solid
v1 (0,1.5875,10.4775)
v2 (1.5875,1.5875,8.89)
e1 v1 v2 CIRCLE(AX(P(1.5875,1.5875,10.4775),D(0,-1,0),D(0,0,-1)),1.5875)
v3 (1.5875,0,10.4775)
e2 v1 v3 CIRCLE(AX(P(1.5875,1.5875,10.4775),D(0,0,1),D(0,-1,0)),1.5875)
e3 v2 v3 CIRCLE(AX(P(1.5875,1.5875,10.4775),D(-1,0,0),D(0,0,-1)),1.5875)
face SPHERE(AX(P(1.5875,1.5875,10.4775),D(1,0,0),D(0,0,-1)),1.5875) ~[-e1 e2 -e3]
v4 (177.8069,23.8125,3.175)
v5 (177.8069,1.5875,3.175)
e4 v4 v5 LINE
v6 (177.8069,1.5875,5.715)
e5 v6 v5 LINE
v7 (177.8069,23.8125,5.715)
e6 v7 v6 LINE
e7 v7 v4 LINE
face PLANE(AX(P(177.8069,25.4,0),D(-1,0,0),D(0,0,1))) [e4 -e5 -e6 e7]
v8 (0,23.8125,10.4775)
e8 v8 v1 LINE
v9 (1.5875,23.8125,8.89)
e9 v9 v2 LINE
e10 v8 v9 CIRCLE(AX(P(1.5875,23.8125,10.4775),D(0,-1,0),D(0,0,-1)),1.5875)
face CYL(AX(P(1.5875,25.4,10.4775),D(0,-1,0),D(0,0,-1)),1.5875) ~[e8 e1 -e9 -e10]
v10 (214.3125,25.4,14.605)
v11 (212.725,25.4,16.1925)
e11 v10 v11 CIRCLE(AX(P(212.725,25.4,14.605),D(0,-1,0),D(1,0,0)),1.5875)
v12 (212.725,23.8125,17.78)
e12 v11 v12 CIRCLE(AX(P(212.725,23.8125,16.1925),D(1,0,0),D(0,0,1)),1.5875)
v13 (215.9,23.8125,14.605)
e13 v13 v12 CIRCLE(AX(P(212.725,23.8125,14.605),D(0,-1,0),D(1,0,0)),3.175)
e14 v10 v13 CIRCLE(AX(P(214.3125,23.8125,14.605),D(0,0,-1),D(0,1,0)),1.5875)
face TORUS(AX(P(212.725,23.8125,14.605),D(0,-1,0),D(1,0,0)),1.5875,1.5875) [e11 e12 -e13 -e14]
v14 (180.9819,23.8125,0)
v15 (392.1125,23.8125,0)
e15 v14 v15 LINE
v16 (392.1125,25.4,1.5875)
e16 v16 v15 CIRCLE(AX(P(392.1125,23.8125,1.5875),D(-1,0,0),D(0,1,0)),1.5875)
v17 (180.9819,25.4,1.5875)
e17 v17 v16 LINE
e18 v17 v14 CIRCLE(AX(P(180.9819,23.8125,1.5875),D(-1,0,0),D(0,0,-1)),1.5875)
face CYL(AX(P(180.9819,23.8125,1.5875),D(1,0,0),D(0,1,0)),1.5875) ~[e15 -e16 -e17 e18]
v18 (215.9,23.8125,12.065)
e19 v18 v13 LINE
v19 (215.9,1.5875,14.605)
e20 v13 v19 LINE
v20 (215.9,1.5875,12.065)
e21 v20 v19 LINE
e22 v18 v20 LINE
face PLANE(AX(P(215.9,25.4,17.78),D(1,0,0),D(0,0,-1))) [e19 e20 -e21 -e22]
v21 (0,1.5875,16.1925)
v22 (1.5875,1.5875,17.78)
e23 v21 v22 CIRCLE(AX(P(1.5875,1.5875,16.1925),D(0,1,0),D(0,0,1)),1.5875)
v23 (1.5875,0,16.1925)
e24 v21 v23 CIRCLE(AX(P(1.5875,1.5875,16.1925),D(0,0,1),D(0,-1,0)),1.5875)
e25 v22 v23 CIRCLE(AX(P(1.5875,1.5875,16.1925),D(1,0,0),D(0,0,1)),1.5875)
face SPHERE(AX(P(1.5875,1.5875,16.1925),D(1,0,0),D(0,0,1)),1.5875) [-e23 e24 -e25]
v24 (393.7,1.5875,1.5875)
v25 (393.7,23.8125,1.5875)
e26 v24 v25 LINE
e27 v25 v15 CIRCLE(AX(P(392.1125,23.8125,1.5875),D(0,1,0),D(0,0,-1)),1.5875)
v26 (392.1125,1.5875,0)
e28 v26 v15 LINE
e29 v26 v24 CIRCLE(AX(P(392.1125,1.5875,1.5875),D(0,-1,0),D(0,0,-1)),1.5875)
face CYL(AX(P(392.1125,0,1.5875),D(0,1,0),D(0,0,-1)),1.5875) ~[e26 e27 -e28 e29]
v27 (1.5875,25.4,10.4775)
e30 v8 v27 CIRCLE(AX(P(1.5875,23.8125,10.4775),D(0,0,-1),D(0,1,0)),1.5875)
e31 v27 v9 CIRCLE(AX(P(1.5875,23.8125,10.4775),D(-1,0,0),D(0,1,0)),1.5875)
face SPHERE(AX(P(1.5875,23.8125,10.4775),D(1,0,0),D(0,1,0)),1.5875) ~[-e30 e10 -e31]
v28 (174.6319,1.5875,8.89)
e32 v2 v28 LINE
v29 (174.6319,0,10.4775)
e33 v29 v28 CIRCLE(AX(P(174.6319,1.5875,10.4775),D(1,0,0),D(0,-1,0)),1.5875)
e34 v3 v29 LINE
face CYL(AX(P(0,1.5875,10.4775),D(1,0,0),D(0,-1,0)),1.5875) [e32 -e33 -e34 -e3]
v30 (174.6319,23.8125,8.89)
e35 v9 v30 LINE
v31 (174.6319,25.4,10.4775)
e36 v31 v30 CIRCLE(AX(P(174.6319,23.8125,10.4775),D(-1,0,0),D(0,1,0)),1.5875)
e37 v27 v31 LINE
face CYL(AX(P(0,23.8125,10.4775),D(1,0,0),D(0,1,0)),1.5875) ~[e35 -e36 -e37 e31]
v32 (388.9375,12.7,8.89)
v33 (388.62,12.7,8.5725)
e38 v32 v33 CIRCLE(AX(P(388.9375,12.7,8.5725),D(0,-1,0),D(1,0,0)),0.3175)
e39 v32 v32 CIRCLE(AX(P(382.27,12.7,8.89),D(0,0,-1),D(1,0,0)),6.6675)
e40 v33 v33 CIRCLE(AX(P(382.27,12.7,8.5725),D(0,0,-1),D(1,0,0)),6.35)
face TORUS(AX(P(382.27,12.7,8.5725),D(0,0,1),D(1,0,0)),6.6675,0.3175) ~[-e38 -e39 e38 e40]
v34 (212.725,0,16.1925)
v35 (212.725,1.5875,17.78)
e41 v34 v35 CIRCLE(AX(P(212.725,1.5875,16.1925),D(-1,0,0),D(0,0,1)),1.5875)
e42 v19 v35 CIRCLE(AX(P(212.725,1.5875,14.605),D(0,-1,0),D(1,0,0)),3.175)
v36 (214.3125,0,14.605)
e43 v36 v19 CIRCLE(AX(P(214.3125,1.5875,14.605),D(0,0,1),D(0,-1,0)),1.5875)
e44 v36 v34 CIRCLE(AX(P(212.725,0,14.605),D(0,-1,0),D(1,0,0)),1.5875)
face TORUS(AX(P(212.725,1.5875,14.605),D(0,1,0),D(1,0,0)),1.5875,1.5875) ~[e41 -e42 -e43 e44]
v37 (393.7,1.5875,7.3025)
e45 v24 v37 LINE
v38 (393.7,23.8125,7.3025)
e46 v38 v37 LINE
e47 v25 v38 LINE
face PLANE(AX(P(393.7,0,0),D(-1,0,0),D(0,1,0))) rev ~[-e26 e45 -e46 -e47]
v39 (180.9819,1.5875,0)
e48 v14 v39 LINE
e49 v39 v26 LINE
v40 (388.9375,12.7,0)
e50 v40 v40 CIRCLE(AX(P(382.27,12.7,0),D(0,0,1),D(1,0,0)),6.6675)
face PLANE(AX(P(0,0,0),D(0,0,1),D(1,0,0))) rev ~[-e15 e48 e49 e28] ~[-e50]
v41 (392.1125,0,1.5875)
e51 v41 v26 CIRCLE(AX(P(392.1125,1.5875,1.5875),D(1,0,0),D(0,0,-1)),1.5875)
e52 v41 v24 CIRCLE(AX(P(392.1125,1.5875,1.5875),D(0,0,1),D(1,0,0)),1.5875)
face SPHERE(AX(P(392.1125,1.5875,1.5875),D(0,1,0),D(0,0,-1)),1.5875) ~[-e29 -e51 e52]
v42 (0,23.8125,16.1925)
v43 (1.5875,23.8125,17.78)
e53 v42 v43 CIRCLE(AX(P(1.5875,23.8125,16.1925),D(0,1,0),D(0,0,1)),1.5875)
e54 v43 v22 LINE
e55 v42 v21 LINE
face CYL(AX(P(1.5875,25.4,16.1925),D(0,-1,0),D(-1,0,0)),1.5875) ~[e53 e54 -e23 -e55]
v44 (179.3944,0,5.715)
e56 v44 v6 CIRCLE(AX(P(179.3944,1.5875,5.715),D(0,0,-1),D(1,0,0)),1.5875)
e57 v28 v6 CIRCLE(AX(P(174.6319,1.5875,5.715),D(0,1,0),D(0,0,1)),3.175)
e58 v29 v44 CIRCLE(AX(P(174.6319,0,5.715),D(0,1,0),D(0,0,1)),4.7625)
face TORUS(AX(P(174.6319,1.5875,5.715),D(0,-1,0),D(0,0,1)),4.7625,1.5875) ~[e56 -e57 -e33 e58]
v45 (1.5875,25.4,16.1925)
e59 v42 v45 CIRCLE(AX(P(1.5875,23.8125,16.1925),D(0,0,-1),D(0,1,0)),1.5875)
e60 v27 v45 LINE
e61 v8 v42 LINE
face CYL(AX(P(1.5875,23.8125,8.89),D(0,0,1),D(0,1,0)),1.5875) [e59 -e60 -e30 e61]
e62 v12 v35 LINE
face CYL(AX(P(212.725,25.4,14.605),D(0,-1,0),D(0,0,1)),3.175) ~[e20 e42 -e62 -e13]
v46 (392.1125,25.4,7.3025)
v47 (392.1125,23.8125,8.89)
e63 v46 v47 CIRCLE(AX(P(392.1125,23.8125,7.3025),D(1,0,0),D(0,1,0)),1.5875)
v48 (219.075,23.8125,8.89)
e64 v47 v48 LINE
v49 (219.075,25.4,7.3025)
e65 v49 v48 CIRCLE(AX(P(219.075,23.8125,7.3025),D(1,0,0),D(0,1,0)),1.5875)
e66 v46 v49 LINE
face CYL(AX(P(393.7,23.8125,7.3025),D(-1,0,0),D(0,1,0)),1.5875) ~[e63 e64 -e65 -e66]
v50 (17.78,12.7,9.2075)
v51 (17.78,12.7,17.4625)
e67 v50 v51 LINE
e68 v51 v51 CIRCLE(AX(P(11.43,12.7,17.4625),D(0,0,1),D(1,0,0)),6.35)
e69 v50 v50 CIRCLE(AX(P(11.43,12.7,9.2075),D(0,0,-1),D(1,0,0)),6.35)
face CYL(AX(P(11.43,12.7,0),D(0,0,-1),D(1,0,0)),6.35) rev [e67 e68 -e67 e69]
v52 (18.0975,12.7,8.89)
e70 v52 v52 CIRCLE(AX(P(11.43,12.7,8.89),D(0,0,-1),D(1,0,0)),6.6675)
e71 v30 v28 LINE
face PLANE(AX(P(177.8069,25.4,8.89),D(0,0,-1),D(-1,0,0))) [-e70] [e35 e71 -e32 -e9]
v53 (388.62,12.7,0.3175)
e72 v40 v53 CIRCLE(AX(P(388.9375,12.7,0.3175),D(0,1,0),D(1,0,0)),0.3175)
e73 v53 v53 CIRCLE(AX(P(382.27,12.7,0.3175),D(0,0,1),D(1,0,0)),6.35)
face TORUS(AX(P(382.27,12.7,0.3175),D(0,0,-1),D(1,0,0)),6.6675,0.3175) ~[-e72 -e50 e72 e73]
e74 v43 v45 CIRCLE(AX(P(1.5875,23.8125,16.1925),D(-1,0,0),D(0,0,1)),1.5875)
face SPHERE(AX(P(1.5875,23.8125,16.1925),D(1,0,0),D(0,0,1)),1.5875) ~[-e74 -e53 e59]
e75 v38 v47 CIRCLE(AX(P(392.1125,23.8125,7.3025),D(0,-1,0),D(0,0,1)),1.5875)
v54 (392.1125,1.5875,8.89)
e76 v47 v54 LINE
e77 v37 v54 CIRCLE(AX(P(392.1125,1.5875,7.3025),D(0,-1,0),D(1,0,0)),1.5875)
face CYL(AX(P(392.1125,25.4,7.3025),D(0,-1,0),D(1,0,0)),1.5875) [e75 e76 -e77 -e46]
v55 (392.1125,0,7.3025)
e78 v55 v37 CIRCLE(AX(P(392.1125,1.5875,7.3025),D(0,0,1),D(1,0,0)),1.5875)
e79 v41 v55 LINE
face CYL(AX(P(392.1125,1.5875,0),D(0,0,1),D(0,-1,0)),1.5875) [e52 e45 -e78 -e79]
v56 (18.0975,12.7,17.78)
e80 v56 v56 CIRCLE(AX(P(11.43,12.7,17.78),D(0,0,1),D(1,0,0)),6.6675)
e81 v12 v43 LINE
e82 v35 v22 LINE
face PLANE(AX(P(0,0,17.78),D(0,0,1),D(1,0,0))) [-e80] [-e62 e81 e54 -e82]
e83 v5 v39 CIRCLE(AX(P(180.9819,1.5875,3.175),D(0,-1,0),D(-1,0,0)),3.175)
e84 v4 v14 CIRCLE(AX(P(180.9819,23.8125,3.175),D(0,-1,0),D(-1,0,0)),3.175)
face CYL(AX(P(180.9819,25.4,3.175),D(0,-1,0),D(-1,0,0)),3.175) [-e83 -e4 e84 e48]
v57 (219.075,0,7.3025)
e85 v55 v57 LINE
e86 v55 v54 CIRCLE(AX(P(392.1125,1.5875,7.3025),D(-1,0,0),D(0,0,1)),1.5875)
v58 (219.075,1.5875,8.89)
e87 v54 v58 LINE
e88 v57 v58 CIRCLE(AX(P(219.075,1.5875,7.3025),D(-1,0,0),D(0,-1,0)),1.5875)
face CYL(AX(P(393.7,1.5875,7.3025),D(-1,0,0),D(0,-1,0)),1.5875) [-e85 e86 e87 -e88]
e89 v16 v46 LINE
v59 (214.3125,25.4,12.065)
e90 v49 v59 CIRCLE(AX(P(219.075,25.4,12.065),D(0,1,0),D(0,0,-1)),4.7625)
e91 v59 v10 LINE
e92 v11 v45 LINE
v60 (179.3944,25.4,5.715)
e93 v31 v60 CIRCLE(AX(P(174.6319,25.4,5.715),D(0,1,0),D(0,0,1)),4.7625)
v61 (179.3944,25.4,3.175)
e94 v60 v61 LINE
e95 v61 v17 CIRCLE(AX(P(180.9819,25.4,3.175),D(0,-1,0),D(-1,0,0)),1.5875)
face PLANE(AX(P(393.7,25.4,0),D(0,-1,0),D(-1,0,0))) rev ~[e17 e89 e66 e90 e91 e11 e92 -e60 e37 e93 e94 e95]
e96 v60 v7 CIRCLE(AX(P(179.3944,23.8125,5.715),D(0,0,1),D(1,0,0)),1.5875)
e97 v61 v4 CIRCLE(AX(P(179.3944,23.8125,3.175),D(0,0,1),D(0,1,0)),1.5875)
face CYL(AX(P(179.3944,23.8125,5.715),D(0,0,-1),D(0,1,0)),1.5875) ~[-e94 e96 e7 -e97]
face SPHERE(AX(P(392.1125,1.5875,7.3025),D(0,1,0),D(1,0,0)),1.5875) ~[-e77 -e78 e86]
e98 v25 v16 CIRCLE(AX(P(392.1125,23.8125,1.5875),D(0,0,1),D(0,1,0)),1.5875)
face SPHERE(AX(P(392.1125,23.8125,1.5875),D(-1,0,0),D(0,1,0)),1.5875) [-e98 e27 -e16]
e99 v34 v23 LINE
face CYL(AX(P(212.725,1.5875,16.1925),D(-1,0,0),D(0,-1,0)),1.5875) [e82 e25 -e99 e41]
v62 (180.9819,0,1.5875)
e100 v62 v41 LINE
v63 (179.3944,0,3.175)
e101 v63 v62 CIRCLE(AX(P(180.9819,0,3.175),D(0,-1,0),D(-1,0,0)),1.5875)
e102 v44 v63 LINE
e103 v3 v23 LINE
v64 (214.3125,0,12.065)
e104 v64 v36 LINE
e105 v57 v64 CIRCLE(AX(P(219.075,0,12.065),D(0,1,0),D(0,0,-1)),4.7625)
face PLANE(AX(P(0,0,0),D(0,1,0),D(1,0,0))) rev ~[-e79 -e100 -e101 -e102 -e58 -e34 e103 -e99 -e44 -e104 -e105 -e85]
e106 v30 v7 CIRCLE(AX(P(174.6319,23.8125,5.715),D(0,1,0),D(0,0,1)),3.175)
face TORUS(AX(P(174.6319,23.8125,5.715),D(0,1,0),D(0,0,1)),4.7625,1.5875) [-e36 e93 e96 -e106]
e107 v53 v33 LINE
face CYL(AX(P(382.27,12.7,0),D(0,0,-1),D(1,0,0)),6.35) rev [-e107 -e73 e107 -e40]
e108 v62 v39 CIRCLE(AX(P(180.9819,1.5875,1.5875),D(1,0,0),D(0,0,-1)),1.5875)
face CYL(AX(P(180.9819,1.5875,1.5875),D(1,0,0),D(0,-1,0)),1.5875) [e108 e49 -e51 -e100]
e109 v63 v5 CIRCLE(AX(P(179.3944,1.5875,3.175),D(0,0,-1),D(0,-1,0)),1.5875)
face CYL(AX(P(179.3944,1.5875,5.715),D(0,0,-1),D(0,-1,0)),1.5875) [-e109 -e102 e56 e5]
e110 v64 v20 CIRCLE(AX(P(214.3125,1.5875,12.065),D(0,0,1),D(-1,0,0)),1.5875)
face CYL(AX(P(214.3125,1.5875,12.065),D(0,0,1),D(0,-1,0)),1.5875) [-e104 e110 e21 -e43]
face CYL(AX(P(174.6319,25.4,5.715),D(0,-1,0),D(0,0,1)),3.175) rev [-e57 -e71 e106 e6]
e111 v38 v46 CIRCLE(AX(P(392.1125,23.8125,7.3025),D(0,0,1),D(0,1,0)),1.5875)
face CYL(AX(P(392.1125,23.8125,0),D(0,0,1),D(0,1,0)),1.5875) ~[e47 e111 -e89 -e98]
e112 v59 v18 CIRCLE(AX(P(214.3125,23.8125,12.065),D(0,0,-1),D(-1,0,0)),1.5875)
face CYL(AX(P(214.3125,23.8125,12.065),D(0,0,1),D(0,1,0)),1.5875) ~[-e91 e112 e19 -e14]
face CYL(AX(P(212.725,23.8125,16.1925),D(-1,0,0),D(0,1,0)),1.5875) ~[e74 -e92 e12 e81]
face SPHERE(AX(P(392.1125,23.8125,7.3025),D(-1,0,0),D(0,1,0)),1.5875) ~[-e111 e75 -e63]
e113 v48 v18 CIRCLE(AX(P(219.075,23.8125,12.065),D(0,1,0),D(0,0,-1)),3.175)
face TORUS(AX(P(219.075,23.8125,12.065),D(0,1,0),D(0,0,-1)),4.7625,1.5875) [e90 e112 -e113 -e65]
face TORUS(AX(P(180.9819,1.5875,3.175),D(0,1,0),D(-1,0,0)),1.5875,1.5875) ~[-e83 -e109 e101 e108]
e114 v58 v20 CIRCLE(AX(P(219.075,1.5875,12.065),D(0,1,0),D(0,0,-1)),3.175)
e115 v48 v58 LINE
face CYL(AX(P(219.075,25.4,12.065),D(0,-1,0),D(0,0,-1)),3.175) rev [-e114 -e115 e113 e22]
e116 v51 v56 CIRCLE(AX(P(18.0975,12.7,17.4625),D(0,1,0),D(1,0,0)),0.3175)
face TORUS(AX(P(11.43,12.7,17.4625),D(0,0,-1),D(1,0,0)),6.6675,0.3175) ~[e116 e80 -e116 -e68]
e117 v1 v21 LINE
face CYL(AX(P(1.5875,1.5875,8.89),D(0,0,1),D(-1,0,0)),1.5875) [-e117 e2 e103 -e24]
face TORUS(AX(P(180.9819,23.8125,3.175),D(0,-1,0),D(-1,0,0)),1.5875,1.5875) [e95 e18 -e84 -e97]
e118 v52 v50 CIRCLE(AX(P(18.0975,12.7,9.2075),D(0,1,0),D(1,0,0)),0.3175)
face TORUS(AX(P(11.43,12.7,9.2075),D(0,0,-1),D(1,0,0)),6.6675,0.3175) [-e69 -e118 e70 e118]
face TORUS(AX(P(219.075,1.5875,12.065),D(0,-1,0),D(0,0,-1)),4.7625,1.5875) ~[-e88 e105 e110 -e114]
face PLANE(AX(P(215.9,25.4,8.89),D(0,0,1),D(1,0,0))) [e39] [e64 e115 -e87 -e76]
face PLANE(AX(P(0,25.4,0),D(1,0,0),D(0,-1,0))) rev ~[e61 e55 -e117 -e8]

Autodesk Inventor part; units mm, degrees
ref_plane "YZ Plane" through (0, 0, 0) normal (1, 0, 0) x (0, 1, 0)
ref_plane "XZ Plane" through (0, 0, 0) normal (0, 1, 0) x (-1, 0, 0)
ref_plane "XY Plane" through (0, 0, 0) normal (0, 0, 1) x (1, 0, 0)
sketch "Sketch1" plane through (0, 0, 0) normal (0, 0, 1) x (1, 0, 0)
  line L0 (0, 0) -> (393.7, 0)
  line L1 (393.7, 0) -> (393.7, 25.4)
  line L2 (393.7, 25.4) -> (0, 25.4)
  line L3 (0, 25.4) -> (0, 0)
  line L4 (0, 12.7) -> (11.43, 12.7) construction
  line L5 (393.7, 12.7) -> (382.27, 12.7) construction
  circle A0 centre (11.43, 12.7) radius 6.35
  circle A1 centre (382.27, 12.7) radius 6.35
  dimension "d0" = 393.7
  dimension "d1" = 25.4
  dimension "d2" = 11.43
  dimension "d3" = 11.43
  dimension "d4" = 12.7
  dimension "d5" = 12.7
extrude "Extrusion1" add sketch "Sketch1" along normal blind 17.78
sketch "Sketch2" plane through (0, 25.4, 0) normal (0, 1, 0) x (1, 0, 0)
  line L0 (0, 0) -> (177.8069, 0)
  line L1 (177.8069, 0) -> (177.8069, -8.89)
  line L2 (177.8069, -8.89) -> (0, -8.89)
  line L3 (0, -8.89) -> (0, 0)
  line L4 (393.7, -17.78) -> (215.9, -17.78)
  line L5 (215.9, -17.78) -> (215.9, -8.89)
  line L6 (215.9, -8.89) -> (393.7, -8.89)
  line L7 (393.7, -8.89) -> (393.7, -17.78)
  dimension "d8" = 177.8
extrude "Extrusion2" cut sketch "Sketch2" against normal blind 50.8
fillet "Fillet1" radius 3.175 4 edges at (215.9, 12.7, 8.89) (215.9, 12.7, 17.78) (177.8069, 12.7, 8.89) (177.8069, 12.7, 0)
fillet "Fillet2" radius 1.5875 28 edges at (178.7368, 25.4, 0.9299) (177.8069, 25.4, 4.445) (176.877, 25.4, 7.9601) (87.3159, 25.4, 8.89) (287.3409, 25.4, 0) (216.8299, 25.4, 9.8199) (215.9, 25.4, 13.335) (214.9701, 25.4, 16.8501) (106.3625, 25.4, 17.78) (306.3875, 25.4, 8.89) (393.7, 25.4, 4.445) (393.7, 12.7, 8.89) (393.7, 12.7, 0) (178.7368, 0, 0.9299) (177.8069, 0, 4.445) (176.877, 0, 7.9601) (87.3159, 0, 8.89) (287.3409, 0, 0) (393.7, 0, 4.445) (216.8299, 0, 9.8199) (215.9, 0, 13.335) (214.9701, 0, 16.8501) (106.3625, 0, 17.78) (306.3875, 0, 8.89) (0, 12.7, 17.78) (0, 25.4, 13.335) (0, 12.7, 8.89) (0, 0, 13.335)
fillet "Fillet3" radius 0.3175 4 edges at (5.08, 12.7, 17.78) (5.08, 12.7, 8.89) (375.92, 12.7, 0) (375.92, 12.7, 8.89)
properties part number "Diagonal Supporter" material "Steel"
